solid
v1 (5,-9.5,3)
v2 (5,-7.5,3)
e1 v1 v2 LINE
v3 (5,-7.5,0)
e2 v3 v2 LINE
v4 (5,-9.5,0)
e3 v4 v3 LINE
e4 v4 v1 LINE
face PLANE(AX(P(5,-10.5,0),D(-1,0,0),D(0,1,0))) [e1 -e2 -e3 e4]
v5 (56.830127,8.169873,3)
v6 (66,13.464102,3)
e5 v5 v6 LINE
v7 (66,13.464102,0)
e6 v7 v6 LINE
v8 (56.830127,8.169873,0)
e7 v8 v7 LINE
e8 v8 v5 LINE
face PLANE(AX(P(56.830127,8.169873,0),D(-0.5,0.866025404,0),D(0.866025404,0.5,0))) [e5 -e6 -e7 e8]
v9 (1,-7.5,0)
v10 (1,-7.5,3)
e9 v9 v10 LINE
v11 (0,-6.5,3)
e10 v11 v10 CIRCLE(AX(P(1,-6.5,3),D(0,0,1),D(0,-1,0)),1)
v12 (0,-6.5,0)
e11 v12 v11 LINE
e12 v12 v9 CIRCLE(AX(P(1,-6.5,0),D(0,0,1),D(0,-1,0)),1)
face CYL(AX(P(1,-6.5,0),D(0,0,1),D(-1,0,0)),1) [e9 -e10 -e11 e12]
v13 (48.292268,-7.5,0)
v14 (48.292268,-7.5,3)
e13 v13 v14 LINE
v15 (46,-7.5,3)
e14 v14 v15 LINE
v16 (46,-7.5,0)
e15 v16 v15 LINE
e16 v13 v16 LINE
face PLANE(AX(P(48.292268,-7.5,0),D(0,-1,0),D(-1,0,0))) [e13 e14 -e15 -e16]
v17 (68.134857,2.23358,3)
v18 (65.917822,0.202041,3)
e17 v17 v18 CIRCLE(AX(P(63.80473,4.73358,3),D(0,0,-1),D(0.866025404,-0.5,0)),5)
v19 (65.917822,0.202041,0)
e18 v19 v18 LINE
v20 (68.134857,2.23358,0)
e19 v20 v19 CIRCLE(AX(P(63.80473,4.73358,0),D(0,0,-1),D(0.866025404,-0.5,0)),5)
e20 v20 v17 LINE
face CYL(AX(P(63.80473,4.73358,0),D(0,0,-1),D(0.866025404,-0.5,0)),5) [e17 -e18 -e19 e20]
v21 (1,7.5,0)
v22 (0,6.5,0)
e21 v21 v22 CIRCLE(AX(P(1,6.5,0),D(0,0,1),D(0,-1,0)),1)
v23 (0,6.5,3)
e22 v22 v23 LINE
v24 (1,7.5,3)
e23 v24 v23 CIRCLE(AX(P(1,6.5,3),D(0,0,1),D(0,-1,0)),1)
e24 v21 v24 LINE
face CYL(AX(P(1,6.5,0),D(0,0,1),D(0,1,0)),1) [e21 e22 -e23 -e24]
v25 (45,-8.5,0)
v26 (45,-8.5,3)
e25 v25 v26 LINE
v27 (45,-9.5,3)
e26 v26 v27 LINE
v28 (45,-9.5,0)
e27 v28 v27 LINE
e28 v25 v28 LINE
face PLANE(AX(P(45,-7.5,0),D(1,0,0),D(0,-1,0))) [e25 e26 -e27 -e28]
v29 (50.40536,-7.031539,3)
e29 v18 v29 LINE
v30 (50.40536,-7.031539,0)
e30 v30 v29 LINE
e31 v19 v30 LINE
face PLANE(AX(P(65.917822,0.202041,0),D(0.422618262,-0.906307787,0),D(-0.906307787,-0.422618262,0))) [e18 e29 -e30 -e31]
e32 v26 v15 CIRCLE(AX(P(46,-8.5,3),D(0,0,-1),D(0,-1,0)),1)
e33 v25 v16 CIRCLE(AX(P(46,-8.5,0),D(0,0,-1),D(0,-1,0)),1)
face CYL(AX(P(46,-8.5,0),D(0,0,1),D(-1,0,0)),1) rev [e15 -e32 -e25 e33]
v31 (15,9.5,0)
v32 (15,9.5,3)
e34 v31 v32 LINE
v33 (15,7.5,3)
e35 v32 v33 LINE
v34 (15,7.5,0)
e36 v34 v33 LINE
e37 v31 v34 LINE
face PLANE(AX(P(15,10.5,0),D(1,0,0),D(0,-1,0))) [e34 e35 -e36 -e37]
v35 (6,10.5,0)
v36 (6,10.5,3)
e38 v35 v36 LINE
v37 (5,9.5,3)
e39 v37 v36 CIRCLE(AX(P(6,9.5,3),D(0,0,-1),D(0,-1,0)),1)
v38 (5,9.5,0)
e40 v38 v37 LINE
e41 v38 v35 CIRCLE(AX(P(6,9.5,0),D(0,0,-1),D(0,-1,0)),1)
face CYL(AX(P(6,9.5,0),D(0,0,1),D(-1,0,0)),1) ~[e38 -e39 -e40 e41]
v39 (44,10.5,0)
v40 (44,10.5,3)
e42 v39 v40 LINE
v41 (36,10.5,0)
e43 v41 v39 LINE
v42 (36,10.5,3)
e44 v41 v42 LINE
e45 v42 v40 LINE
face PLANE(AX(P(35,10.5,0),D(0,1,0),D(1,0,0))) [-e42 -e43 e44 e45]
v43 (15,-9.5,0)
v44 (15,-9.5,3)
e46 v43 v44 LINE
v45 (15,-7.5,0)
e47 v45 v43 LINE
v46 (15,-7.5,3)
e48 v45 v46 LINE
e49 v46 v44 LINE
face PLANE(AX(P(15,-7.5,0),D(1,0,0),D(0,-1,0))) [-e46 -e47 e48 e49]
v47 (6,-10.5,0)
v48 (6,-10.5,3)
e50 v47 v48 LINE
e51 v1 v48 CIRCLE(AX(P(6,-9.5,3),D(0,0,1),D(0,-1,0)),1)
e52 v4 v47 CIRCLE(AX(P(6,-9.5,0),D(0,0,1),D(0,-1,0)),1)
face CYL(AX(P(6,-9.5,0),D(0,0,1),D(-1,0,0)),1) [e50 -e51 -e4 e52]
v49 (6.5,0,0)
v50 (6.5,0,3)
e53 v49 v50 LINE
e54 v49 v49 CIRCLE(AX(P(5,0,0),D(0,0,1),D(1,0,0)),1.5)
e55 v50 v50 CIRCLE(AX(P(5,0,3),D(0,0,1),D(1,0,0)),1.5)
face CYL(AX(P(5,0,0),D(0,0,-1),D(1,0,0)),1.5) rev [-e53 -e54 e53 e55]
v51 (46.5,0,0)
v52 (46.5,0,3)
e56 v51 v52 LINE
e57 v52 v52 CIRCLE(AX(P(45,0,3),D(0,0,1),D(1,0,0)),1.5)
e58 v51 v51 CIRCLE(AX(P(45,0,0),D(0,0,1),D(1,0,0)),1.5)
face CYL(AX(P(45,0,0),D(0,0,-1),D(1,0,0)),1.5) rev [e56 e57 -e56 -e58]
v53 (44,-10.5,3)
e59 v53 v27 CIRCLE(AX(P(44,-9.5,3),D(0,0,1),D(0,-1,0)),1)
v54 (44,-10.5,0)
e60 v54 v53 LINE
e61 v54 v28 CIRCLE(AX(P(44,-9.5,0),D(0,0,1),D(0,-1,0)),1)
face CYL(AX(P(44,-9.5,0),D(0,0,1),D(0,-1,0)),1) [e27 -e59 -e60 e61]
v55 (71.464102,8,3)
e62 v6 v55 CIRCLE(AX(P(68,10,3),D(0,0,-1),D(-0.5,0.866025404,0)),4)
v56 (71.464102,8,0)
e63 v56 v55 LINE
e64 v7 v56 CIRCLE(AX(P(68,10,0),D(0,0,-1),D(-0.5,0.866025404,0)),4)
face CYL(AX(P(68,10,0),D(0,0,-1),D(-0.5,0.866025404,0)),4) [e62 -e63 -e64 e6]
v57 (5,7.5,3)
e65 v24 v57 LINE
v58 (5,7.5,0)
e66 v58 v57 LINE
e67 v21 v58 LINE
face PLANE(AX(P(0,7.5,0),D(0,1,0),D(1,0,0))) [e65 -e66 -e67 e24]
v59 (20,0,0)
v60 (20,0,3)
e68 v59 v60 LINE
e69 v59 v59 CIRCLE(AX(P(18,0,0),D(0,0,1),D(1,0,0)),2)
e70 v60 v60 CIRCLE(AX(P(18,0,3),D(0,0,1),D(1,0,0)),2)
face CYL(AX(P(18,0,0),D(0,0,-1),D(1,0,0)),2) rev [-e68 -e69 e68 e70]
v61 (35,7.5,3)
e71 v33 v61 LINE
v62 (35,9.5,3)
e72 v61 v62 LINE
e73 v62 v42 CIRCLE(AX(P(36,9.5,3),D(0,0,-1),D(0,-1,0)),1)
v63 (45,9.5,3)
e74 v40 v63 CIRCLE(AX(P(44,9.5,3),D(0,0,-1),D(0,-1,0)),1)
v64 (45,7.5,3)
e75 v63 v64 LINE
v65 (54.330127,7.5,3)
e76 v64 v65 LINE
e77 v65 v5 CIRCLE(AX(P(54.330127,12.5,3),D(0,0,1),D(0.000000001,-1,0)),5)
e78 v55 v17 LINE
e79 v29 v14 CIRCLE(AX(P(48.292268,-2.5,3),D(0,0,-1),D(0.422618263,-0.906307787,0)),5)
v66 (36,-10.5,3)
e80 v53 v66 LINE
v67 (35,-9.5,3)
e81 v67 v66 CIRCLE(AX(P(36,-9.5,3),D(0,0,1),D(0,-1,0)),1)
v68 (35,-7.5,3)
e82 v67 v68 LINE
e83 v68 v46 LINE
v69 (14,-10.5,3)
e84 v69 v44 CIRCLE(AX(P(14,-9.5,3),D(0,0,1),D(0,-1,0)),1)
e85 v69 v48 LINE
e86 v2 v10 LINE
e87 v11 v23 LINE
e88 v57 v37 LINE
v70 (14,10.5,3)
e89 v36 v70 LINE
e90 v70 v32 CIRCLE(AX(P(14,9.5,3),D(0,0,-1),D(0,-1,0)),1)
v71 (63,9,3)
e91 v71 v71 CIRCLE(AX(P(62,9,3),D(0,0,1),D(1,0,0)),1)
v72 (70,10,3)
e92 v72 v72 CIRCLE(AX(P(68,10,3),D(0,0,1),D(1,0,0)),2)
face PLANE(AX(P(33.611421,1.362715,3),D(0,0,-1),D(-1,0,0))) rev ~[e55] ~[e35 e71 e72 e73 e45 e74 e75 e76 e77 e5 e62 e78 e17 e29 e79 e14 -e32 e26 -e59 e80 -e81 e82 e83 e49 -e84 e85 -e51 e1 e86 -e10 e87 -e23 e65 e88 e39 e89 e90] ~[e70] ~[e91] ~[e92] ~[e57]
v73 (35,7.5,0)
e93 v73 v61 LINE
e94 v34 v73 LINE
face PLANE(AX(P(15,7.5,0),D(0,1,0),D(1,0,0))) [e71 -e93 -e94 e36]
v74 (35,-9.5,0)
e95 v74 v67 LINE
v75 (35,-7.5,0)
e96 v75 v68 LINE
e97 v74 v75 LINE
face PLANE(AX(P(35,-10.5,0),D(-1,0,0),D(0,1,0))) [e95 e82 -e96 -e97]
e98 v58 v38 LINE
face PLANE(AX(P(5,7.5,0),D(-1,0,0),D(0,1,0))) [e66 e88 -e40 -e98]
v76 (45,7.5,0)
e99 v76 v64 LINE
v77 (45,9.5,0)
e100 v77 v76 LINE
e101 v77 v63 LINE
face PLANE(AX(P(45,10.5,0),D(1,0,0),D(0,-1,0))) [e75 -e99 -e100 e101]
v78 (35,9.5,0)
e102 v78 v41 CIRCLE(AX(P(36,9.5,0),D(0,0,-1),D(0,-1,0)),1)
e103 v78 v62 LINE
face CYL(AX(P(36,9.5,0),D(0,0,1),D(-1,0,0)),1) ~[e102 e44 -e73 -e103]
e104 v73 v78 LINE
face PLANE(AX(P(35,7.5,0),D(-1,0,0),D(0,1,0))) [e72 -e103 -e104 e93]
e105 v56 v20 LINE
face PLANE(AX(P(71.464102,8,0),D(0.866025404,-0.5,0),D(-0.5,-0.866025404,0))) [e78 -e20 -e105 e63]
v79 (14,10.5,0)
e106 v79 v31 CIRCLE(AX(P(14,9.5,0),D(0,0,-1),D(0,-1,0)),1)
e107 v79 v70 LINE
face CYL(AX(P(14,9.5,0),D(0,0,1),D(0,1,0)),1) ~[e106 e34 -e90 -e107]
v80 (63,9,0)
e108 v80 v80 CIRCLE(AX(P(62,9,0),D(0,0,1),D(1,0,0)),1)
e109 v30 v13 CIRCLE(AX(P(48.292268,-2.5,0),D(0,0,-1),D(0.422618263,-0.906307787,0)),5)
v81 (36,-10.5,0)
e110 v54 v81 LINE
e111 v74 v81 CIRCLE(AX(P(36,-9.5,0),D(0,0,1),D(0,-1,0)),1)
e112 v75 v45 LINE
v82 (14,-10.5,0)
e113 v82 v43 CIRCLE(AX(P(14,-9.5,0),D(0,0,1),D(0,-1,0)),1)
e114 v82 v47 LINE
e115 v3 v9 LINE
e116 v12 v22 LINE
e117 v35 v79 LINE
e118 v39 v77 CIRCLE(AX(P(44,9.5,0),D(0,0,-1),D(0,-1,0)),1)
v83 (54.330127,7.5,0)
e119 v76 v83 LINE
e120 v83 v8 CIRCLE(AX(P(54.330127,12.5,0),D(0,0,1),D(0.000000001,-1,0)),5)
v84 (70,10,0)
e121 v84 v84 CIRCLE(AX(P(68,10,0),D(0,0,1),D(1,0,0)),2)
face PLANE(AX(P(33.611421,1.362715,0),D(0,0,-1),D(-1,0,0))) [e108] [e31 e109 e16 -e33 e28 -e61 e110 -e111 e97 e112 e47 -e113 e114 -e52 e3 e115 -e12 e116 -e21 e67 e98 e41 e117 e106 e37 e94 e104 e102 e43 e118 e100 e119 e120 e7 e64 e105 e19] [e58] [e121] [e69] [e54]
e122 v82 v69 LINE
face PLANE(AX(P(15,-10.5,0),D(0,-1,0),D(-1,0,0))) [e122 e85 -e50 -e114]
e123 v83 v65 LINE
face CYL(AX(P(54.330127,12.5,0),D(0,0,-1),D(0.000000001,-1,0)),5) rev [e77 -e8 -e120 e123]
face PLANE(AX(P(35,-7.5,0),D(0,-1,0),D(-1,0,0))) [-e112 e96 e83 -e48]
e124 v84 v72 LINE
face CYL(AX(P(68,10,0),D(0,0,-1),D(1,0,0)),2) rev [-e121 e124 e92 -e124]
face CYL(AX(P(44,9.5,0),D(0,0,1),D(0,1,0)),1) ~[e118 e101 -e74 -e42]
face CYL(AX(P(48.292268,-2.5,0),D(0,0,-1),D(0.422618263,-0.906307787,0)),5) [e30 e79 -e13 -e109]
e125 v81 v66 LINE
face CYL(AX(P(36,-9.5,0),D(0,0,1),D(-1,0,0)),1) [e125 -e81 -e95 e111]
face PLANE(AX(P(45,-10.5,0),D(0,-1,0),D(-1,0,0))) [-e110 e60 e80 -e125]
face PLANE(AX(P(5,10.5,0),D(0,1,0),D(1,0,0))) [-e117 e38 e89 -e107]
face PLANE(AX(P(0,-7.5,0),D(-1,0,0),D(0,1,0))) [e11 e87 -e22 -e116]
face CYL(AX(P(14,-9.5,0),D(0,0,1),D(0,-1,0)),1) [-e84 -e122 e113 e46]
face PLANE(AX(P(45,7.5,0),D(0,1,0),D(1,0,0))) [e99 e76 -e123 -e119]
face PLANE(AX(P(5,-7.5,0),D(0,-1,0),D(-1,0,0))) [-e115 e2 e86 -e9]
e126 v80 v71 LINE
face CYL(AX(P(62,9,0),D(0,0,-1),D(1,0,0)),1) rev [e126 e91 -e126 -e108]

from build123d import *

# Parameters (mm, degrees)
SKETCH_1_R      = 2
SKETCH_1_R_2    = 1.5
SKETCH_1_R_3    = 1
EXTRUDE_1_DEPTH = 3
FILLET_1_R      = 1
FILLET_2_R      = 1


with BuildPart() as part:
    # 草图1 → 凸台-拉伸1 (new body)
    with BuildSketch(Plane.XY):
        with BuildLine():
            Line((0, 7.5), (5, 7.5))
            Line((5, 7.5), (5, 10.5))
            Line((5, 10.5), (15, 10.5))
            Line((15, 10.5), (15, 7.5))
            Line((15, 7.5), (35, 7.5))
            Line((35, 7.5), (35, 10.5))
            Line((35, 10.5), (45, 10.5))
            Line((45, 10.5), (45, 7.5))
            Line((45, 7.5), (54.330127019, 7.5))
            ThreePointArc((54.330127019, 7.5), (55.624222244, 7.670370869), (56.830127019, 8.169872981))
            Line((56.830127019, 8.169872981), (66, 13.464101615))
            ThreePointArc((66, 13.464101615), (70.828427125, 12.828427125), (71.464101615, 8))
            Line((71.464101615, 8), (68.134857418, 2.2335799))
            ThreePointArc((68.134857418, 2.2335799), (67.182681437, 1.047193216), (65.917821708, 0.202040965))
            Line((65.917821708, 0.202040965), (50.405359552, -7.031538935))
            ThreePointArc((50.405359552, -7.031538935), (49.374466313, -7.381480036), (48.292268243, -7.5))
            Line((48.292268243, -7.5), (45, -7.5))
            Line((45, -7.5), (45, -10.5))
            Line((45, -10.5), (35, -10.5))
            Line((35, -10.5), (35, -7.5))
            Line((35, -7.5), (15, -7.5))
            Line((15, -7.5), (15, -10.5))
            Line((15, -10.5), (5, -10.5))
            Line((5, -10.5), (5, -7.5))
            Line((5, -7.5), (0, -7.5))
            Line((0, -7.5), (0, 7.5))
        make_face()
        with Locations((68, 10)):
            Circle(SKETCH_1_R, mode=Mode.SUBTRACT)
        with Locations((5, 0)):
            Circle(SKETCH_1_R_2, mode=Mode.SUBTRACT)
        with Locations((45, 0)):
            Circle(SKETCH_1_R_2, mode=Mode.SUBTRACT)
        with Locations((18, 0)):
            Circle(SKETCH_1_R, mode=Mode.SUBTRACT)
        with Locations((62, 9)):
            Circle(SKETCH_1_R_3, mode=Mode.SUBTRACT)
    extrude(amount=EXTRUDE_1_DEPTH)

    # 圆角1
    fillet_1_edges = [part.edges().sort_by_distance(p)[0] for p in [
        (0, 7.5, 1.5),
        (5, 10.5, 1.5),
        (15, 10.5, 1.5),
        (35, 10.5, 1.5),
        (45, 10.5, 1.5),
        (45, -10.5, 1.5),
        (35, -10.5, 1.5),
        (15, -10.5, 1.5),
        (5, -10.5, 1.5),
        (0, -7.5, 1.5),
    ]]
    fillet(fillet_1_edges, radius=FILLET_1_R)

    # 圆角2
    fillet_2_edges = [part.edges().sort_by_distance(p)[0] for p in [
        (45, -7.5, 1.5),
    ]]
    fillet(fillet_2_edges, radius=FILLET_2_R)


solid = part.part
